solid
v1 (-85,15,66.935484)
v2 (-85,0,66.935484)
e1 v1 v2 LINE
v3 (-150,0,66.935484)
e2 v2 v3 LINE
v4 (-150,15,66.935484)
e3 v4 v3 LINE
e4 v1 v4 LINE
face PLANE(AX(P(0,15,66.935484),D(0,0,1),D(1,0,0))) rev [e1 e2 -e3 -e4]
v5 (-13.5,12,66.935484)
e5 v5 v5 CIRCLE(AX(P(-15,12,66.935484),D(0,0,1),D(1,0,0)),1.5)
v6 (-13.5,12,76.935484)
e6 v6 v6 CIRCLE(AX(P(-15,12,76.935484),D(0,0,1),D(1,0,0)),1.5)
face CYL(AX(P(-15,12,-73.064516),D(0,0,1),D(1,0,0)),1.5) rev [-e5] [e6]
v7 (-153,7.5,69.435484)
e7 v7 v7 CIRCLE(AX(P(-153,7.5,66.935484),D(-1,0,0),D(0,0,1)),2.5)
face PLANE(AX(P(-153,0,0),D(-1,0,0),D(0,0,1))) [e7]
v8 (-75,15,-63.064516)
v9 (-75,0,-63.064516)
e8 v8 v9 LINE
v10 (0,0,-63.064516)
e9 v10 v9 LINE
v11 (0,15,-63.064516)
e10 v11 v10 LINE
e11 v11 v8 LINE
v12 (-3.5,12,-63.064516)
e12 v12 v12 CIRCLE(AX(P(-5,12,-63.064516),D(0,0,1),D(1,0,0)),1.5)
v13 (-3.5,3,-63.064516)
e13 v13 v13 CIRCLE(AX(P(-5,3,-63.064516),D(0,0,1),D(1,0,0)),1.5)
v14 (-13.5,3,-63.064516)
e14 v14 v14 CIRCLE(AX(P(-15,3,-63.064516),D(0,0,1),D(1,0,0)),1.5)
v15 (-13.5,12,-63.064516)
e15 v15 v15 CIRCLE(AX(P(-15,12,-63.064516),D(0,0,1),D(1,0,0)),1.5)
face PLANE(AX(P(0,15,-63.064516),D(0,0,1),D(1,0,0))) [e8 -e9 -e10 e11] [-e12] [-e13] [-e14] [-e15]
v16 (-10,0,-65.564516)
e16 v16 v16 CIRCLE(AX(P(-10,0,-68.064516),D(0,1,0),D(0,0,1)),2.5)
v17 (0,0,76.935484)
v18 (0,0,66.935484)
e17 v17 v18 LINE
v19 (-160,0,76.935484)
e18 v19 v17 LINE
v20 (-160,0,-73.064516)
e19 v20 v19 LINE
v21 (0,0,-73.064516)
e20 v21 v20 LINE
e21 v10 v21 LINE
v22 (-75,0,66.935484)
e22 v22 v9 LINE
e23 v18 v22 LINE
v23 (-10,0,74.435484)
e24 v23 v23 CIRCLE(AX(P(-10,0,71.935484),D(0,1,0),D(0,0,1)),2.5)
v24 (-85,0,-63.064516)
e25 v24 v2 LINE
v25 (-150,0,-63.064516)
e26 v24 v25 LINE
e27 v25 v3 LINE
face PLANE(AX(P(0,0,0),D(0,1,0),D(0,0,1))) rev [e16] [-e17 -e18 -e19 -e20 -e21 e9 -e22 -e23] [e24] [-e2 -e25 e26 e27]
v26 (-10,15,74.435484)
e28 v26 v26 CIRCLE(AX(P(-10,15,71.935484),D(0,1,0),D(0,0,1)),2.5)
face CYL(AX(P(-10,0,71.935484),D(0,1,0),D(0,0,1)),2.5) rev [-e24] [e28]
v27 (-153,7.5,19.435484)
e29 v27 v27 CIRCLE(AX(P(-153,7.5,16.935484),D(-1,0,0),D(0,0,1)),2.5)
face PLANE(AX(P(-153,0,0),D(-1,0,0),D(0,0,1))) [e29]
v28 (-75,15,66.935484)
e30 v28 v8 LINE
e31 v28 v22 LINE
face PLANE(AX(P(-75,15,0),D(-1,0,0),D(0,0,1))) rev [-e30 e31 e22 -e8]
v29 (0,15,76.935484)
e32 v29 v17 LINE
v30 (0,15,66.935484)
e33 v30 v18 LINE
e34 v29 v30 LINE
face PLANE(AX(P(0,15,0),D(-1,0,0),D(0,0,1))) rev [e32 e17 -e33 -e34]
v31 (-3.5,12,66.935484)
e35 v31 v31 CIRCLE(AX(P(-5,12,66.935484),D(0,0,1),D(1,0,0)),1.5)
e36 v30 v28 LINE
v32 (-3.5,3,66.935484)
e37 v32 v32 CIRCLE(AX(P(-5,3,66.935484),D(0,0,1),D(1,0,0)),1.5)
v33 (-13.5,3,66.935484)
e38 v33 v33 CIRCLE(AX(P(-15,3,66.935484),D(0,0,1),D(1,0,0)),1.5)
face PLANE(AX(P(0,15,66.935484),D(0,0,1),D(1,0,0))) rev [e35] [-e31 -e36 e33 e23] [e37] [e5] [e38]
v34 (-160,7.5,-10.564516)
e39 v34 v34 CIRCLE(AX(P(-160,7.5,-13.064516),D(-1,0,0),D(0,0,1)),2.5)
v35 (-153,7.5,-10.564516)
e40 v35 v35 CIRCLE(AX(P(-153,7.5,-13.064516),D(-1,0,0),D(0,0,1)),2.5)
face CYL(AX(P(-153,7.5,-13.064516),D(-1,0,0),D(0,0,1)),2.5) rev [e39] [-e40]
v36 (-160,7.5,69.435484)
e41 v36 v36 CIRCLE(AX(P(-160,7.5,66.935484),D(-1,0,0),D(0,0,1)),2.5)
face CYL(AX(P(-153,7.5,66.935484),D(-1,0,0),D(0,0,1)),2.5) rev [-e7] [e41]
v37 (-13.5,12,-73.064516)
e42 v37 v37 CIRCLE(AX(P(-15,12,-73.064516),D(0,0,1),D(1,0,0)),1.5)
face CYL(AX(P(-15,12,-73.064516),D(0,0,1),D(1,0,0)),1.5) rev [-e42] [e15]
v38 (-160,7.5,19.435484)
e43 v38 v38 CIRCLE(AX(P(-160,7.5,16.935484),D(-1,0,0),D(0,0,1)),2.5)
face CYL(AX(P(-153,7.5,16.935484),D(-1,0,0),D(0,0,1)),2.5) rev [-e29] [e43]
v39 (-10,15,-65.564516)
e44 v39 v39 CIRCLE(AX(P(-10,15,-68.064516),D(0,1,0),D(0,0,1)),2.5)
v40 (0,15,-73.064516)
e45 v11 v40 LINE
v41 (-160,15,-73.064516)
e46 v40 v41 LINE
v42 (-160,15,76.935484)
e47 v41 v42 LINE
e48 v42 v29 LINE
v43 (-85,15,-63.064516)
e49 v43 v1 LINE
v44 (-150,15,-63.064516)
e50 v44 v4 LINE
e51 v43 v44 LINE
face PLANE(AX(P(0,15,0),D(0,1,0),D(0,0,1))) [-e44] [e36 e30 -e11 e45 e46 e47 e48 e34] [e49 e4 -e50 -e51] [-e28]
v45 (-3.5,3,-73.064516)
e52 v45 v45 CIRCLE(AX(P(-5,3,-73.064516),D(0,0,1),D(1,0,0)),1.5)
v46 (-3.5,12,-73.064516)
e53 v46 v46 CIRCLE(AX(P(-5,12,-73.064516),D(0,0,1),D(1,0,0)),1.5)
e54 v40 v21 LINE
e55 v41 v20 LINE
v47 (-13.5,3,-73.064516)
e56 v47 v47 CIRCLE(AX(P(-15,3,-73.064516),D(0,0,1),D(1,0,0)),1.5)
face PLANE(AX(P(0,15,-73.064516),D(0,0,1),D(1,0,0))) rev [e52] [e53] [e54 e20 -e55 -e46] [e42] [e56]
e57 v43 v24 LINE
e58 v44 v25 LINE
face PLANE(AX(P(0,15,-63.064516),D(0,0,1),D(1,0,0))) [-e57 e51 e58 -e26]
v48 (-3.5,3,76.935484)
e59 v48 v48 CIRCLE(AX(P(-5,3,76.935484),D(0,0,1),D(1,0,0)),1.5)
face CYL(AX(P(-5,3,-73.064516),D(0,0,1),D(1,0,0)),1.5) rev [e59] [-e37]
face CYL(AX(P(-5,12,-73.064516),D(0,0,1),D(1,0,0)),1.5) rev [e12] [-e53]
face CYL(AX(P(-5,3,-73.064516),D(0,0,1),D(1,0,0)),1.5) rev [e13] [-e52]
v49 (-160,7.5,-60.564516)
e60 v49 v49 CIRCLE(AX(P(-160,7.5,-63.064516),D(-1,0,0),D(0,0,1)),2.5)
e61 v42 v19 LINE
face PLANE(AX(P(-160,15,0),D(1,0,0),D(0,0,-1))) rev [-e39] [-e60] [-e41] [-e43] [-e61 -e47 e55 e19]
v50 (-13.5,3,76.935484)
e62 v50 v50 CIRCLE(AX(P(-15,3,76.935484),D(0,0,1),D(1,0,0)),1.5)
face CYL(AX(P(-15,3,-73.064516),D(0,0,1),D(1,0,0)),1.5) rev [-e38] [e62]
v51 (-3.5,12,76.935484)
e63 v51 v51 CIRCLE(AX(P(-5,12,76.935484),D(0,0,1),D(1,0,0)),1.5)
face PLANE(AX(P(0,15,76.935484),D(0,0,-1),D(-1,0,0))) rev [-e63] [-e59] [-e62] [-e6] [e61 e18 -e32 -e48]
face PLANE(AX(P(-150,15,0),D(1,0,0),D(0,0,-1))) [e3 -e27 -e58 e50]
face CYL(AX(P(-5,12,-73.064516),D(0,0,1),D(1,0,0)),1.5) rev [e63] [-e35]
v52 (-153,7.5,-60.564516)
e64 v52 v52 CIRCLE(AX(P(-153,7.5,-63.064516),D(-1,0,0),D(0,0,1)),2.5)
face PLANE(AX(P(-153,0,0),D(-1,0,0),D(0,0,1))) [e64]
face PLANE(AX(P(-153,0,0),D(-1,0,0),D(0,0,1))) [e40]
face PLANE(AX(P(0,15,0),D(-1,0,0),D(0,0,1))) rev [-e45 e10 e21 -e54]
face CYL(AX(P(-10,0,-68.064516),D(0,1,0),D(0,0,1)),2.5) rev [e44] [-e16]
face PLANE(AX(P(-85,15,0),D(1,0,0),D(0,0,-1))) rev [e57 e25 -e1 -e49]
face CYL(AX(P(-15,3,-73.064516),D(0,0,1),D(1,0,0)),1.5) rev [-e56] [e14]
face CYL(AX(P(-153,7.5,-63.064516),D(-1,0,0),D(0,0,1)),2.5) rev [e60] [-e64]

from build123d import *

# Parameters (mm, degrees)
SKETCH_2_W          = 10
SKETCH_2_H          = 130
EXTRUDE_1_DEPTH     = 15
SKETCH_3_R          = 1.5
CUT_EXTRUDE_1_DEPTH = 220.82947937
SKETCH_4_R          = 2.5
CUT_EXTRUDE_2_DEPTH = 7
SKETCH_5_R          = 2.5
CUT_EXTRUDE_3_DEPTH = 179.168652345


with BuildPart() as part:
    # 草图2 → 凸台-拉伸1 (new body)
    with BuildSketch(Plane(origin=(0, 0, 0), x_dir=(1, 0, 0), z_dir=(0, 1, 0))):
        Polygon((0, 73.064516129), (-85, 73.064516129), (-85, 63.064516129), (-75, 63.064516129), (0, 63.064516129), align=None)
        Polygon((-160, 73.064516129), (-160, 63.064516129), (-150, 63.064516129), (-85, 63.064516129), (-85, 73.064516129), align=None)
        with Locations((-80, -1.935483871)):
            Rectangle(SKETCH_2_W, SKETCH_2_H)
        Polygon((-85, -66.935483871), (-85, -76.935483871), (0, -76.935483871), (0, -66.935483871), (-75, -66.935483871), align=None)
        Polygon((-150, -66.935483871), (-160, -66.935483871), (-160, -76.935483871), (-85, -76.935483871), (-85, -66.935483871), align=None)
        with Locations((-155, -1.935483871)):
            Rectangle(SKETCH_2_W, SKETCH_2_H)
    extrude(amount=EXTRUDE_1_DEPTH)

    # 草图3 → 切除-拉伸1 (cut, through all)
    with BuildSketch(Plane.XY.offset(76.935483871)):
        with Locations((-5, 12)):
            Circle(SKETCH_3_R)
        with Locations((-5, 3)):
            Circle(SKETCH_3_R)
        with Locations((-15, 12)):
            Circle(SKETCH_3_R)
        with Locations((-15, 3)):
            Circle(SKETCH_3_R)
    extrude(amount=-CUT_EXTRUDE_1_DEPTH, mode=Mode.SUBTRACT)

    # 草图4 → 切除-拉伸2 (cut)
    with BuildSketch(Plane.ZY.offset(160)):
        with Locations((-63.064516129, 7.5)):
            Circle(SKETCH_4_R)
        with Locations((-13.064516129, 7.5)):
            Circle(SKETCH_4_R)
        with Locations((16.935483871, 7.5)):
            Circle(SKETCH_4_R)
        with Locations((66.935483871, 7.5)):
            Circle(SKETCH_4_R)
    extrude(amount=-CUT_EXTRUDE_2_DEPTH, mode=Mode.SUBTRACT)

    # 草图5 → 切除-拉伸3 (cut, through all)
    with BuildSketch(Plane(origin=(0, 15, 0), x_dir=(1, 0, 0), z_dir=(0, 1, 0))):
        with Locations(Location((-10, 68.064516129, 0), (0, 0, 270))):
            Circle(SKETCH_5_R)
        with Locations(Location((-10, -71.935483871, 0), (0, 0, 270))):
            Circle(SKETCH_5_R)
    extrude(amount=-CUT_EXTRUDE_3_DEPTH, mode=Mode.SUBTRACT)


solid = part.part
